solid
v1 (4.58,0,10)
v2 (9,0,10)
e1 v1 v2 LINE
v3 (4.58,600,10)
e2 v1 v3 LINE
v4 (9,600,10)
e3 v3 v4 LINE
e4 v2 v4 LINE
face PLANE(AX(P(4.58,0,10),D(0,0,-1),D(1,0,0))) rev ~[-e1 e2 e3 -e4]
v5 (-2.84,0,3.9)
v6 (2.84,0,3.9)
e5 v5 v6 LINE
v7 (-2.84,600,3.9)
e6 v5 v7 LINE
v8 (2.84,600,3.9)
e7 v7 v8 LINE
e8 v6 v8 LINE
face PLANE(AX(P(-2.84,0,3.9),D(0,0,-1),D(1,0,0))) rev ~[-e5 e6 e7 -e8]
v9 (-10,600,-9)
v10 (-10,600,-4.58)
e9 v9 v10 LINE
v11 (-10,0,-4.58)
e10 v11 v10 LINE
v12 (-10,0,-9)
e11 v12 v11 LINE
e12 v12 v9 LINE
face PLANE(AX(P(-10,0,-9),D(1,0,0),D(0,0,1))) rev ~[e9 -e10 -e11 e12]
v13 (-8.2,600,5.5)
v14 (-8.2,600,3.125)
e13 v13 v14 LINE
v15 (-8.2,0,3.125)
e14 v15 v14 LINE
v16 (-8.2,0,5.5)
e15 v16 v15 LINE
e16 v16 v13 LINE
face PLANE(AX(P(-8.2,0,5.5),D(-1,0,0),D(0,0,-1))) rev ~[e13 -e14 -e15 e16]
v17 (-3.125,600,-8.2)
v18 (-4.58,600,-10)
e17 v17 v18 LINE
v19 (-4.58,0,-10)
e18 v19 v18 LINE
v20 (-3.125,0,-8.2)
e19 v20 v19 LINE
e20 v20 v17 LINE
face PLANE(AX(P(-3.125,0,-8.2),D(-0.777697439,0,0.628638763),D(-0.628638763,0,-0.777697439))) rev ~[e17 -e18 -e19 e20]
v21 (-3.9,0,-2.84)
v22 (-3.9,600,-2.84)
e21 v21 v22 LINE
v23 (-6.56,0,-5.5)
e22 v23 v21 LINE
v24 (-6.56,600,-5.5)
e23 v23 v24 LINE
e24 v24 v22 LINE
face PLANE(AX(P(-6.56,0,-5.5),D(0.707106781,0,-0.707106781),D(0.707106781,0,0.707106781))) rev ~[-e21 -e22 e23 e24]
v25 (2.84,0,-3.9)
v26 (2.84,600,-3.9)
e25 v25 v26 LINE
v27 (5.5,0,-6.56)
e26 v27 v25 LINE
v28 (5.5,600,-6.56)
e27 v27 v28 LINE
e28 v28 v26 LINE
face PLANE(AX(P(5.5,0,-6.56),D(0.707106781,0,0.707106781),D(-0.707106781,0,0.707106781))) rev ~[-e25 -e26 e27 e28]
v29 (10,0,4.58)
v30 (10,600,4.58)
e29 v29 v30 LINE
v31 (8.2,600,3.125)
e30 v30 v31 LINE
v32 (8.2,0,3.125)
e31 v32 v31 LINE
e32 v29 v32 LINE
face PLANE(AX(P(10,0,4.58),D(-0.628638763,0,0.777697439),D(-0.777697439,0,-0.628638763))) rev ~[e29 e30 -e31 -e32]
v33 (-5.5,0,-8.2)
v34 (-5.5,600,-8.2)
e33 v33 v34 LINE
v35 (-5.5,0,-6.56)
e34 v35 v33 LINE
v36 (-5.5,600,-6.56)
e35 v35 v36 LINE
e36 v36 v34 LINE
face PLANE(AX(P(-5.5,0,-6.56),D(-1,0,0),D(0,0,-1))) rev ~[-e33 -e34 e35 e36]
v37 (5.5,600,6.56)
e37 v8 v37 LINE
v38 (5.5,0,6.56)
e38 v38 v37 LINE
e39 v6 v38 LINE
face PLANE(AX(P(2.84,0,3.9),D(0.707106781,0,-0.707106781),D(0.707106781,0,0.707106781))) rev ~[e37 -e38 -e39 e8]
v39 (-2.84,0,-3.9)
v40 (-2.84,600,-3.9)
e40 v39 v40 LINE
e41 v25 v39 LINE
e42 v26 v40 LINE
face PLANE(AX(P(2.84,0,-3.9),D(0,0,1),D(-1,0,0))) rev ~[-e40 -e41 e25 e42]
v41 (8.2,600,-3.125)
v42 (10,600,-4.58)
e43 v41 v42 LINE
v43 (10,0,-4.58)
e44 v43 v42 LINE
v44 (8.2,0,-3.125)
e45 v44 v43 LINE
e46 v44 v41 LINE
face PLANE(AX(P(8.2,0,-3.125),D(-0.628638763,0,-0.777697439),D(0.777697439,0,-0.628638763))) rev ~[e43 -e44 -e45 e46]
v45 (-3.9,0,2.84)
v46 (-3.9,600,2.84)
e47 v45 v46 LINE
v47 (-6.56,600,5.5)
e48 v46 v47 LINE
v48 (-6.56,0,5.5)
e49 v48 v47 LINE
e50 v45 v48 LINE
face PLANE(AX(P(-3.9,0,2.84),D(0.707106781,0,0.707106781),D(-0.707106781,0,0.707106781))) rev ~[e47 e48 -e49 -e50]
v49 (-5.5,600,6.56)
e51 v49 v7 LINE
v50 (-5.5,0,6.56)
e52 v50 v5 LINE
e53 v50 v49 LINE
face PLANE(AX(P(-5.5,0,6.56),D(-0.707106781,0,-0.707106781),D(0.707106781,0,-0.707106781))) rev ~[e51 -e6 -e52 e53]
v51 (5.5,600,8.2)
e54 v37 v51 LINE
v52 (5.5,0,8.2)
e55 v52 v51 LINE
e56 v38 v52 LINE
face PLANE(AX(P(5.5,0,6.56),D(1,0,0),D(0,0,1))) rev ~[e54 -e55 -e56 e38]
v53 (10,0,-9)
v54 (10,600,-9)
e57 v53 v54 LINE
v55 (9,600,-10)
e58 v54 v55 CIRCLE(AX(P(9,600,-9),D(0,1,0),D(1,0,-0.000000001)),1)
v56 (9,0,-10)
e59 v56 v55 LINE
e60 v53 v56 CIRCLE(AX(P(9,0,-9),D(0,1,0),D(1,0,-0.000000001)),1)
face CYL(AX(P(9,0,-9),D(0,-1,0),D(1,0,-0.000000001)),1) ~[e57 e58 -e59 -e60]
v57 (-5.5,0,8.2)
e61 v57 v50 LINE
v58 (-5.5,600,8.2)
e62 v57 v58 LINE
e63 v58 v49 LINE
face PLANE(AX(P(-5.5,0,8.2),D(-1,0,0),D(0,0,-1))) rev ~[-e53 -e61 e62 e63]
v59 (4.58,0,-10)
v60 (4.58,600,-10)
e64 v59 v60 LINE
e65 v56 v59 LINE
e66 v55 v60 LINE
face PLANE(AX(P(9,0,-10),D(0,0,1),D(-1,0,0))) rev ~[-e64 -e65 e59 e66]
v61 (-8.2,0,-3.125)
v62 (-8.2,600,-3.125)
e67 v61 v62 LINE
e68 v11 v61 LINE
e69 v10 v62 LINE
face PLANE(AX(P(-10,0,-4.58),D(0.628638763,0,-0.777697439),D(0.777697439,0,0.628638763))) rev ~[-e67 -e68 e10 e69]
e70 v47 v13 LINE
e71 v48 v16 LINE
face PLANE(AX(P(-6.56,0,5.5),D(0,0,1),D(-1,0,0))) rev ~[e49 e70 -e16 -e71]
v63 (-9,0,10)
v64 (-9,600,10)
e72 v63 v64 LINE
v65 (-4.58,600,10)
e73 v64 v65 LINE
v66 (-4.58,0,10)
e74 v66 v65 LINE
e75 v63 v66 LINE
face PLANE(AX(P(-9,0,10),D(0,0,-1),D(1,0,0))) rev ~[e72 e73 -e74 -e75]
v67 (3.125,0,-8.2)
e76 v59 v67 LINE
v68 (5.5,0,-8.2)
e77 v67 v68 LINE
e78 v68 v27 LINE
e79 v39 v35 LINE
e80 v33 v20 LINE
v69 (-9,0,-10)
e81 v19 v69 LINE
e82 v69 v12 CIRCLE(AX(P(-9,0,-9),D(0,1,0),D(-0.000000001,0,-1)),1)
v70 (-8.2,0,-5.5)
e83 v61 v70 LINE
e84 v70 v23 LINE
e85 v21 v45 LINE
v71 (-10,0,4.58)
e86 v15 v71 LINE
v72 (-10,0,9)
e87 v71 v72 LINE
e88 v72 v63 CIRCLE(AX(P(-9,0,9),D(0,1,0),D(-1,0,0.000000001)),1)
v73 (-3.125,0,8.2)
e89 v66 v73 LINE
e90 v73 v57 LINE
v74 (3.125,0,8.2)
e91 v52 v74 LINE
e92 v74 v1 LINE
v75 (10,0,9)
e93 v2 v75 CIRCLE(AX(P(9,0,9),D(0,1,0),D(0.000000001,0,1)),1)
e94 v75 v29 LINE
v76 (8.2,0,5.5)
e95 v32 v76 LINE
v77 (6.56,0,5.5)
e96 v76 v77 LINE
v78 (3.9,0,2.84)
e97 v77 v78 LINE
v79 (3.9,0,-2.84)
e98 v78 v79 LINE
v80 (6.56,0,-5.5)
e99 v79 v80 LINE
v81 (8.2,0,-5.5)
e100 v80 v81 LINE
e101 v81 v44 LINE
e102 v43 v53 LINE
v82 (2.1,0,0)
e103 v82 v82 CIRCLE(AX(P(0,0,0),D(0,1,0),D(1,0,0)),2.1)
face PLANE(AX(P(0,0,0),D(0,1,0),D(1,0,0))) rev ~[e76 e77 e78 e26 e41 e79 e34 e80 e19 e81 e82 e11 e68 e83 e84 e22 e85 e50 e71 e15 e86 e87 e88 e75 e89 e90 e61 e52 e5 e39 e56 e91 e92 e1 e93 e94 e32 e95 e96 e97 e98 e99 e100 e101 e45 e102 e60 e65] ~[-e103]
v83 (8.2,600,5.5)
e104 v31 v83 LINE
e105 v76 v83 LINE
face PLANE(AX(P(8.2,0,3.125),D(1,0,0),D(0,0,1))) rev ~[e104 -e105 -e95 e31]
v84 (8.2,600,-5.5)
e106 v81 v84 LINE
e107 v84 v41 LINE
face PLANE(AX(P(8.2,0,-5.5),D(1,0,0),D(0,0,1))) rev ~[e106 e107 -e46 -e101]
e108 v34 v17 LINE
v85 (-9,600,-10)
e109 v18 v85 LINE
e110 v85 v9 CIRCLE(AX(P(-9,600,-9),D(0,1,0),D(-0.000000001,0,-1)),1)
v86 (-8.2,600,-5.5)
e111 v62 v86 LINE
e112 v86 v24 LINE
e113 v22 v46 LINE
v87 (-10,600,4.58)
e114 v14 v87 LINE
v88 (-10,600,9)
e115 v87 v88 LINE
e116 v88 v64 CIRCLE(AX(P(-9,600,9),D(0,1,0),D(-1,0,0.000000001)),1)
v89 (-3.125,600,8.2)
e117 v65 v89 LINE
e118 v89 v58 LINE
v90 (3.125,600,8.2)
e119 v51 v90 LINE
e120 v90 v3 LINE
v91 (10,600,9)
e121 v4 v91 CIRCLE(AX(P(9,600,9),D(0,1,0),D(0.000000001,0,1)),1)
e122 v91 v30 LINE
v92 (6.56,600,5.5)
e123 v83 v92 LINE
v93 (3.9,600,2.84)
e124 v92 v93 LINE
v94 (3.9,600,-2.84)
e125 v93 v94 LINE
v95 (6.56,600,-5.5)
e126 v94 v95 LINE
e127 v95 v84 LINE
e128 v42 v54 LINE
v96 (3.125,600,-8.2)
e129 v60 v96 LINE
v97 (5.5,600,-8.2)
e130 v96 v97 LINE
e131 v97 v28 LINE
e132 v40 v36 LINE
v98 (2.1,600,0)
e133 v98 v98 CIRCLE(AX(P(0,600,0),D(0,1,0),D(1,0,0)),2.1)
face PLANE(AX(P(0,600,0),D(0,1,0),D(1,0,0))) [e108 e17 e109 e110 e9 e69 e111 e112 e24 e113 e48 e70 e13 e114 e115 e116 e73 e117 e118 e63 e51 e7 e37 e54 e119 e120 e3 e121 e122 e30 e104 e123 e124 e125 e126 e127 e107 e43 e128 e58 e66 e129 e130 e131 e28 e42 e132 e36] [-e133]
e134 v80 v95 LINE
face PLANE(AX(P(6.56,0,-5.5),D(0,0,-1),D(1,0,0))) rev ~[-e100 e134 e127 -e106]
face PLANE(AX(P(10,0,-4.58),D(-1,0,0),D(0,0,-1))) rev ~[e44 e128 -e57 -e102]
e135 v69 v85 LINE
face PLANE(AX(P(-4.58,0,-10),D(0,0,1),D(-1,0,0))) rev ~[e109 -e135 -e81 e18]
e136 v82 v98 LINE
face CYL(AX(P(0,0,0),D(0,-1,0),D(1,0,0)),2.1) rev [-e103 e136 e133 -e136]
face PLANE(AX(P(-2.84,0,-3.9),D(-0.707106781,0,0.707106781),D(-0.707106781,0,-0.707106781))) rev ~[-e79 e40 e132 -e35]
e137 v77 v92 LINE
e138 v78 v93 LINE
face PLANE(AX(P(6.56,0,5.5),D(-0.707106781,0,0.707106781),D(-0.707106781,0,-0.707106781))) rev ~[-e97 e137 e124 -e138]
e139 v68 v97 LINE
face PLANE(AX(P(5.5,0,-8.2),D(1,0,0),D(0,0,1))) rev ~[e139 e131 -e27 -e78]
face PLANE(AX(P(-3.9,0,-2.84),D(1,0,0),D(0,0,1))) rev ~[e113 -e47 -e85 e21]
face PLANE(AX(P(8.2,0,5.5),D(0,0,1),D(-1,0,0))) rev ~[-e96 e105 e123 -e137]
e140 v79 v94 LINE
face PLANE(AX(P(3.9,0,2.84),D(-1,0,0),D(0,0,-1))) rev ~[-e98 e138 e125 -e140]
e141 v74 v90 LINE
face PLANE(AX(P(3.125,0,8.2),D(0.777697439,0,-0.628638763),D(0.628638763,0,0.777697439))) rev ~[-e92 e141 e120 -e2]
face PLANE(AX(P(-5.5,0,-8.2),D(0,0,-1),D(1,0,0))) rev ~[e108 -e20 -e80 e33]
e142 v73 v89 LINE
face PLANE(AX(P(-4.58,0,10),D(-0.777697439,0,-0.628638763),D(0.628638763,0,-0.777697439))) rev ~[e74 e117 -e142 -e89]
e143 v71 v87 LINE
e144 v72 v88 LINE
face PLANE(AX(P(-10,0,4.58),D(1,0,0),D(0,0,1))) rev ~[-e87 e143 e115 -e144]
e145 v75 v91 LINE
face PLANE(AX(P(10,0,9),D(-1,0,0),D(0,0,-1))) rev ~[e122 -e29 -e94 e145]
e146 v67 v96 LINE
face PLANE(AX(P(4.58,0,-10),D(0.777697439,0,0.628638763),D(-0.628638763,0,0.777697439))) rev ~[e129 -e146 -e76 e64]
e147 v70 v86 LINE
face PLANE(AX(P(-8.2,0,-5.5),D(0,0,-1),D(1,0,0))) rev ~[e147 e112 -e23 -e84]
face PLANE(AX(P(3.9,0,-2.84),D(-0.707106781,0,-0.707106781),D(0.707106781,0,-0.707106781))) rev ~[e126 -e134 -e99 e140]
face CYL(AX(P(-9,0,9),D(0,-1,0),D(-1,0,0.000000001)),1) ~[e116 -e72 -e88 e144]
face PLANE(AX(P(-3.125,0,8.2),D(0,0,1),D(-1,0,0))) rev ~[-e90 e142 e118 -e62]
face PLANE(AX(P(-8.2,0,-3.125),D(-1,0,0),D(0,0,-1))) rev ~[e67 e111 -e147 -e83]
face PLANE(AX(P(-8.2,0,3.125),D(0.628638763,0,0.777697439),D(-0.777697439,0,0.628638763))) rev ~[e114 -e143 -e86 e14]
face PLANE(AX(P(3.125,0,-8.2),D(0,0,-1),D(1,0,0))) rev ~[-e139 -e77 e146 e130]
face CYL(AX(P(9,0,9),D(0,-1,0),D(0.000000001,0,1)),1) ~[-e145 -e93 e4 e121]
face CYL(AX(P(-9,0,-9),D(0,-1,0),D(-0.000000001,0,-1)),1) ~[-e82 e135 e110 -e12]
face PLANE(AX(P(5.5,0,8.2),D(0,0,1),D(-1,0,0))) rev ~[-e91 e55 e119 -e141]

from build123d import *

# Parameters (mm, degrees)
SKETCH1_R           = 2.1
BOSS_EXTRUDE1_DEPTH = 600


with BuildPart() as part:
    # Sketch1 → Boss-Extrude1 (new body)
    with BuildSketch(Plane(origin=(0, 0, 0), x_dir=(1, 0, 0), z_dir=(0, 1, 0))):
        with BuildLine():
            Line((-5.5, 8.2), (-3.125, 8.2))
            Line((-3.125, 8.2), (-4.58, 10))
            Line((-4.58, 10), (-9, 10))
            ThreePointArc((-9, 10), (-9.707106781, 9.707106781), (-10, 9))
            Line((-10, 9), (-10, 4.58))
            Line((-10, 4.58), (-8.2, 3.125))
            Line((-8.2, 3.125), (-8.2, 5.5))
            Line((-8.2, 5.5), (-6.56, 5.5))
            Line((-6.56, 5.5), (-3.9, 2.84))
            Line((-3.9, 2.84), (-3.9, -2.84))
            Line((-3.9, -2.84), (-6.56, -5.5))
            Line((-6.56, -5.5), (-8.2, -5.5))
            Line((-8.2, -5.5), (-8.2, -3.125))
            Line((-8.2, -3.125), (-10, -4.58))
            Line((-10, -4.58), (-10, -9))
            ThreePointArc((-10, -9), (-9.707106781, -9.707106781), (-9, -10))
            Line((-9, -10), (-4.58, -10))
            Line((-4.58, -10), (-3.125, -8.2))
            Line((-3.125, -8.2), (-5.5, -8.2))
            Line((-5.5, -8.2), (-5.5, -6.56))
            Line((-5.5, -6.56), (-2.84, -3.9))
            Line((-2.84, -3.9), (2.84, -3.9))
            Line((2.84, -3.9), (5.5, -6.56))
            Line((5.5, -6.56), (5.5, -8.2))
            Line((5.5, -8.2), (3.125, -8.2))
            Line((3.125, -8.2), (4.58, -10))
            Line((4.58, -10), (9, -10))
            ThreePointArc((9, -10), (9.707106781, -9.707106781), (10, -9))
            Line((10, -9), (10, -4.58))
            Line((10, -4.58), (8.2, -3.125))
            Line((8.2, -3.125), (8.2, -5.5))
            Line((8.2, -5.5), (6.56, -5.5))
            Line((6.56, -5.5), (3.9, -2.84))
            Line((3.9, -2.84), (3.9, 2.84))
            Line((3.9, 2.84), (6.56, 5.5))
            Line((6.56, 5.5), (8.2, 5.5))
            Line((8.2, 5.5), (8.2, 3.125))
            Line((8.2, 3.125), (10, 4.58))
            Line((10, 4.58), (10, 9))
            ThreePointArc((10, 9), (9.707106781, 9.707106781), (9, 10))
            Line((9, 10), (4.58, 10))
            Line((4.58, 10), (3.125, 8.2))
            Line((3.125, 8.2), (5.5, 8.2))
            Line((5.5, 8.2), (5.5, 6.56))
            Line((5.5, 6.56), (2.84, 3.9))
            Line((2.84, 3.9), (-2.84, 3.9))
            Line((-2.84, 3.9), (-5.5, 6.56))
            Line((-5.5, 6.56), (-5.5, 8.2))
        make_face()
        Circle(SKETCH1_R, mode=Mode.SUBTRACT)
    extrude(amount=BOSS_EXTRUDE1_DEPTH)


solid = part.part
